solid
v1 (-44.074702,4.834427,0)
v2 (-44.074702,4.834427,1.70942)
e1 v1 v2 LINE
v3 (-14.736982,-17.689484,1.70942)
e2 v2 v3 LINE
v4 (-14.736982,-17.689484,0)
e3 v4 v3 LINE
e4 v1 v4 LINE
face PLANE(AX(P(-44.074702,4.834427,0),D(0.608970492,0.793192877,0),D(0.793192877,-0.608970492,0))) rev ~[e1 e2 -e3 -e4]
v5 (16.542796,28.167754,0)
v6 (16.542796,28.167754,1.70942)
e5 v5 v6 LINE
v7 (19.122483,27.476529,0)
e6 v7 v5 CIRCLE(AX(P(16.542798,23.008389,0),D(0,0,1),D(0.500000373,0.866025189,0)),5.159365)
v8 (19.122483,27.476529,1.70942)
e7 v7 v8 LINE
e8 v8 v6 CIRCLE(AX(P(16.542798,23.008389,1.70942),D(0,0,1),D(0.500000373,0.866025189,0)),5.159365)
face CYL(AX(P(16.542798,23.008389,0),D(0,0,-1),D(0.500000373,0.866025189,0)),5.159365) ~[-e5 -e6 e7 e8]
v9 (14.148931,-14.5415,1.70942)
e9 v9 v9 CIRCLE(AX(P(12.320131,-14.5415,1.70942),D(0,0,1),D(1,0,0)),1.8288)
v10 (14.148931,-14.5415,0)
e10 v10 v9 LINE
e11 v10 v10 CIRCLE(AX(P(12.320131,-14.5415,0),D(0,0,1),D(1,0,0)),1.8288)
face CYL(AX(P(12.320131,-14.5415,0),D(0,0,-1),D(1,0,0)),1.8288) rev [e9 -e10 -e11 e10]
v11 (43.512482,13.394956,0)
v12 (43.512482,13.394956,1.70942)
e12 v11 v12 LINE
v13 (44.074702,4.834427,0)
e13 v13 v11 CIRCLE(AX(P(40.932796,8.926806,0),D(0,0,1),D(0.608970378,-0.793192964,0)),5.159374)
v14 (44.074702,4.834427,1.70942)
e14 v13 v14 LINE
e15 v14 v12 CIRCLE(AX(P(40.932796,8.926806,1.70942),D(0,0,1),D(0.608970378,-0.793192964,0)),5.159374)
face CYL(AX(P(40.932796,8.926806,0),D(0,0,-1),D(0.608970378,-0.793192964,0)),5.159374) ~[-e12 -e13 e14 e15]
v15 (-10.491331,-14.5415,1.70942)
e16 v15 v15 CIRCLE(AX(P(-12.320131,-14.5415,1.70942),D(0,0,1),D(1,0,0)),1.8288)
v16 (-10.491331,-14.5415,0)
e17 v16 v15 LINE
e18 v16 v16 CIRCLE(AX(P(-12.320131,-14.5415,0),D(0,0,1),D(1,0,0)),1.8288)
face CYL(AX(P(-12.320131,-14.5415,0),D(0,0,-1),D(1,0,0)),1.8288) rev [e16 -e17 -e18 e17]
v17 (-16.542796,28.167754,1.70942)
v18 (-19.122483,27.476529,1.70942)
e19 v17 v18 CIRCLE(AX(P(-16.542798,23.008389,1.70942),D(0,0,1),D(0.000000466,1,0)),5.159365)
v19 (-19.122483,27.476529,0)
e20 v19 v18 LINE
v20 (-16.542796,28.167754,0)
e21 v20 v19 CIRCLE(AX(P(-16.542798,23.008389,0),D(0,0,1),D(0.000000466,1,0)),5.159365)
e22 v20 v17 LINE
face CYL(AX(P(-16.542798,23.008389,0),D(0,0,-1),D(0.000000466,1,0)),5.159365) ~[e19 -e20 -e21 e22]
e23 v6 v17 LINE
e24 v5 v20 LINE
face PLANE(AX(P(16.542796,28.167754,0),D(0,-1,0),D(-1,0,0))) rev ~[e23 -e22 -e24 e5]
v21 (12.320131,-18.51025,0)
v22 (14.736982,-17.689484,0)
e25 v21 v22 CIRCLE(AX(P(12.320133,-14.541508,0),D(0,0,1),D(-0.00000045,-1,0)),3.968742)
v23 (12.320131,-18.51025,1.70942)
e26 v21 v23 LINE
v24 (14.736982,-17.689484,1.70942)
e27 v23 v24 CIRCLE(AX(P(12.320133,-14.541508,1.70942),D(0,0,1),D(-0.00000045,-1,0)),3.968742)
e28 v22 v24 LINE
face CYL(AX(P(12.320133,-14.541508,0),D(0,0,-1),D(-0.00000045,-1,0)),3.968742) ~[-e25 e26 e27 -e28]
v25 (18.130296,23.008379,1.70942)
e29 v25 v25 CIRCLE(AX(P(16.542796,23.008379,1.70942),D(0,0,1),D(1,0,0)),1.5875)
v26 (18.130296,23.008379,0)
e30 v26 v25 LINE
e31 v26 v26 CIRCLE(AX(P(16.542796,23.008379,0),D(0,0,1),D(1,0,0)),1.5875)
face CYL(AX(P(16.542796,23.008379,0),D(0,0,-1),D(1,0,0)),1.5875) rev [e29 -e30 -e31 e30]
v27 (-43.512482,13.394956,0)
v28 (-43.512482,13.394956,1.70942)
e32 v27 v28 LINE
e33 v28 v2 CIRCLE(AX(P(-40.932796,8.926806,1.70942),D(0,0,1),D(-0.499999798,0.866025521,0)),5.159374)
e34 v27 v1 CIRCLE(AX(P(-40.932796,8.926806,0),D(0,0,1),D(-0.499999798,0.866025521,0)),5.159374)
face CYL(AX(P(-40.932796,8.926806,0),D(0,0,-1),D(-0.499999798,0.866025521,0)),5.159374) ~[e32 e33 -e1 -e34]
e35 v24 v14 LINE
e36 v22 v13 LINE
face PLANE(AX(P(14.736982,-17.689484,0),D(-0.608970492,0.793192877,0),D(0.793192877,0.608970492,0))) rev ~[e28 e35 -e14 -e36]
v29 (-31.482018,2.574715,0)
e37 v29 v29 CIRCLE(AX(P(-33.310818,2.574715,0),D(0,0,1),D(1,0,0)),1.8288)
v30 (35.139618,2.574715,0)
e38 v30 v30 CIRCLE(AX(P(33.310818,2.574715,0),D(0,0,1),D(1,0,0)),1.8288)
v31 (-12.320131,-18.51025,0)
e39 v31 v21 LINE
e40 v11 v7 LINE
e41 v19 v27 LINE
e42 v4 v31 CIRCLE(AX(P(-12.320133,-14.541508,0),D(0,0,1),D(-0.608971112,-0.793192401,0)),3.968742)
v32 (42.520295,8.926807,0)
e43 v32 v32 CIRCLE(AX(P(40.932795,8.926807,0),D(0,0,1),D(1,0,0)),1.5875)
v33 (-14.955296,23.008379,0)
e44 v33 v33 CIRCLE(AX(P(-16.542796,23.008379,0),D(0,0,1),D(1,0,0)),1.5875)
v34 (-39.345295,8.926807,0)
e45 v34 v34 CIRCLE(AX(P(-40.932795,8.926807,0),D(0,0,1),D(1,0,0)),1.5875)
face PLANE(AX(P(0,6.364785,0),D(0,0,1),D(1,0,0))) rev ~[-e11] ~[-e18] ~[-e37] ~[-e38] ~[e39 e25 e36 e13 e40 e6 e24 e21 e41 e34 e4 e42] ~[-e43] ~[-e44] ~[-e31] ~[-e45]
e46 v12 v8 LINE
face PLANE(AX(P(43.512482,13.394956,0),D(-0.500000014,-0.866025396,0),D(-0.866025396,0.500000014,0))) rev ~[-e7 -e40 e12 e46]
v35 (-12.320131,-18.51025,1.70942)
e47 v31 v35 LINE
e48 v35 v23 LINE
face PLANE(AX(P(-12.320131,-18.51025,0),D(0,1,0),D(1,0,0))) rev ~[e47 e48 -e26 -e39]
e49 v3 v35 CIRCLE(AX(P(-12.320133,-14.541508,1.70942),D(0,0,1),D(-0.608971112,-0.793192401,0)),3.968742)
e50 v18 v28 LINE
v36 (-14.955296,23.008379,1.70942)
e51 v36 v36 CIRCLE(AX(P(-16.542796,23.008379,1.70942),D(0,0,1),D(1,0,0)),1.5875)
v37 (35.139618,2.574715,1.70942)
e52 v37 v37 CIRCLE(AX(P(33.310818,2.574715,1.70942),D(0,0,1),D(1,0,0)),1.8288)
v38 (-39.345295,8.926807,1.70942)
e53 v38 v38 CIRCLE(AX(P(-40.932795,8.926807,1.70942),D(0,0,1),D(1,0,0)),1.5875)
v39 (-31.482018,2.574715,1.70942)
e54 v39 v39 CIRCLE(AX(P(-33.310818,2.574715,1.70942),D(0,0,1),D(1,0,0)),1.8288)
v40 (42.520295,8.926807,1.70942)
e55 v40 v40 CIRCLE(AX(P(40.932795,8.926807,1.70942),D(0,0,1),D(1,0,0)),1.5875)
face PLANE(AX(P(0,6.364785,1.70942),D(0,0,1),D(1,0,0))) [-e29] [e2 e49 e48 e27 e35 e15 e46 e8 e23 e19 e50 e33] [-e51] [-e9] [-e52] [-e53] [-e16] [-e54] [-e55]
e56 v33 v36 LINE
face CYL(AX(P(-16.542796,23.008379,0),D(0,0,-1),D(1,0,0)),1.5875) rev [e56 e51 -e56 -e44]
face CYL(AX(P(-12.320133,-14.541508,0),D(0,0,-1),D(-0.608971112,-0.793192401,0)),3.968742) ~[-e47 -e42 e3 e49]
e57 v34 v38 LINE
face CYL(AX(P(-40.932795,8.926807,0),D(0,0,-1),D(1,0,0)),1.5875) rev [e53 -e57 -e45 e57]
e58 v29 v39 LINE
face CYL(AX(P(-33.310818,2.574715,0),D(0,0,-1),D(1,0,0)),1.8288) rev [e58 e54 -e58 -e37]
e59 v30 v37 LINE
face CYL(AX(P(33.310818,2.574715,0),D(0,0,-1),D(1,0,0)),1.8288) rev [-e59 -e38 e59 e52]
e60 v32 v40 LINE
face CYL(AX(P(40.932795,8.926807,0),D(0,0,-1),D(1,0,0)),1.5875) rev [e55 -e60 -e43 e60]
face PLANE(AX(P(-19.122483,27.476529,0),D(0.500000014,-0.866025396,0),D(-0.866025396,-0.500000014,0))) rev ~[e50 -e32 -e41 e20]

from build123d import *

# Parameters (mm, degrees)
F0_R     = 1.8288
F0_R_2   = 1.5875
F1_DEPTH = 1.70942


with BuildPart() as f1:
    # F0 (on Top) → F1 (new body)
    with BuildSketch(Plane.XY):
        with BuildLine():
            Line((16.542796, 28.167754), (-16.542796, 28.167754))
            ThreePointArc((-16.542796, 28.167754), (-17.87814, 27.991953), (-19.122483, 27.476529))
            Line((-19.122483, 27.476529), (-43.512482, 13.394956))
            ThreePointArc((-43.512482, 13.394956), (-46.081079, 9.264924), (-44.074702, 4.834427))
            Line((-44.074702, 4.834427), (-14.736982, -17.689484))
            ThreePointArc((-14.736982, -17.689484), (-13.596339, -18.299461), (-12.320131, -18.51025))
            Line((-12.320131, -18.51025), (12.320131, -18.51025))
            ThreePointArc((12.320131, -18.51025), (13.596339, -18.299461), (14.736982, -17.689484))
            Line((14.736982, -17.689484), (44.074702, 4.834427))
            ThreePointArc((44.074702, 4.834427), (46.081079, 9.264924), (43.512482, 13.394956))
            Line((43.512482, 13.394956), (19.122483, 27.476529))
            ThreePointArc((19.122483, 27.476529), (17.87814, 27.991953), (16.542796, 28.167754))
        make_face()
        with Locations((-12.320131, -14.5415)):
            Circle(F0_R, mode=Mode.SUBTRACT)
        with Locations((-33.310818, 2.574715)):
            Circle(F0_R, mode=Mode.SUBTRACT)
        with Locations((12.320131, -14.5415)):
            Circle(F0_R, mode=Mode.SUBTRACT)
        with Locations((33.310818, 2.574715)):
            Circle(F0_R, mode=Mode.SUBTRACT)
        with Locations((-40.932795, 8.926807)):
            Circle(F0_R_2, mode=Mode.SUBTRACT)
        with Locations((-16.542796, 23.008379)):
            Circle(F0_R_2, mode=Mode.SUBTRACT)
        with Locations((40.932795, 8.926807)):
            Circle(F0_R_2, mode=Mode.SUBTRACT)
        with Locations((16.542796, 23.008379)):
            Circle(F0_R_2, mode=Mode.SUBTRACT)
    extrude(amount=F1_DEPTH)


solid = f1.part
